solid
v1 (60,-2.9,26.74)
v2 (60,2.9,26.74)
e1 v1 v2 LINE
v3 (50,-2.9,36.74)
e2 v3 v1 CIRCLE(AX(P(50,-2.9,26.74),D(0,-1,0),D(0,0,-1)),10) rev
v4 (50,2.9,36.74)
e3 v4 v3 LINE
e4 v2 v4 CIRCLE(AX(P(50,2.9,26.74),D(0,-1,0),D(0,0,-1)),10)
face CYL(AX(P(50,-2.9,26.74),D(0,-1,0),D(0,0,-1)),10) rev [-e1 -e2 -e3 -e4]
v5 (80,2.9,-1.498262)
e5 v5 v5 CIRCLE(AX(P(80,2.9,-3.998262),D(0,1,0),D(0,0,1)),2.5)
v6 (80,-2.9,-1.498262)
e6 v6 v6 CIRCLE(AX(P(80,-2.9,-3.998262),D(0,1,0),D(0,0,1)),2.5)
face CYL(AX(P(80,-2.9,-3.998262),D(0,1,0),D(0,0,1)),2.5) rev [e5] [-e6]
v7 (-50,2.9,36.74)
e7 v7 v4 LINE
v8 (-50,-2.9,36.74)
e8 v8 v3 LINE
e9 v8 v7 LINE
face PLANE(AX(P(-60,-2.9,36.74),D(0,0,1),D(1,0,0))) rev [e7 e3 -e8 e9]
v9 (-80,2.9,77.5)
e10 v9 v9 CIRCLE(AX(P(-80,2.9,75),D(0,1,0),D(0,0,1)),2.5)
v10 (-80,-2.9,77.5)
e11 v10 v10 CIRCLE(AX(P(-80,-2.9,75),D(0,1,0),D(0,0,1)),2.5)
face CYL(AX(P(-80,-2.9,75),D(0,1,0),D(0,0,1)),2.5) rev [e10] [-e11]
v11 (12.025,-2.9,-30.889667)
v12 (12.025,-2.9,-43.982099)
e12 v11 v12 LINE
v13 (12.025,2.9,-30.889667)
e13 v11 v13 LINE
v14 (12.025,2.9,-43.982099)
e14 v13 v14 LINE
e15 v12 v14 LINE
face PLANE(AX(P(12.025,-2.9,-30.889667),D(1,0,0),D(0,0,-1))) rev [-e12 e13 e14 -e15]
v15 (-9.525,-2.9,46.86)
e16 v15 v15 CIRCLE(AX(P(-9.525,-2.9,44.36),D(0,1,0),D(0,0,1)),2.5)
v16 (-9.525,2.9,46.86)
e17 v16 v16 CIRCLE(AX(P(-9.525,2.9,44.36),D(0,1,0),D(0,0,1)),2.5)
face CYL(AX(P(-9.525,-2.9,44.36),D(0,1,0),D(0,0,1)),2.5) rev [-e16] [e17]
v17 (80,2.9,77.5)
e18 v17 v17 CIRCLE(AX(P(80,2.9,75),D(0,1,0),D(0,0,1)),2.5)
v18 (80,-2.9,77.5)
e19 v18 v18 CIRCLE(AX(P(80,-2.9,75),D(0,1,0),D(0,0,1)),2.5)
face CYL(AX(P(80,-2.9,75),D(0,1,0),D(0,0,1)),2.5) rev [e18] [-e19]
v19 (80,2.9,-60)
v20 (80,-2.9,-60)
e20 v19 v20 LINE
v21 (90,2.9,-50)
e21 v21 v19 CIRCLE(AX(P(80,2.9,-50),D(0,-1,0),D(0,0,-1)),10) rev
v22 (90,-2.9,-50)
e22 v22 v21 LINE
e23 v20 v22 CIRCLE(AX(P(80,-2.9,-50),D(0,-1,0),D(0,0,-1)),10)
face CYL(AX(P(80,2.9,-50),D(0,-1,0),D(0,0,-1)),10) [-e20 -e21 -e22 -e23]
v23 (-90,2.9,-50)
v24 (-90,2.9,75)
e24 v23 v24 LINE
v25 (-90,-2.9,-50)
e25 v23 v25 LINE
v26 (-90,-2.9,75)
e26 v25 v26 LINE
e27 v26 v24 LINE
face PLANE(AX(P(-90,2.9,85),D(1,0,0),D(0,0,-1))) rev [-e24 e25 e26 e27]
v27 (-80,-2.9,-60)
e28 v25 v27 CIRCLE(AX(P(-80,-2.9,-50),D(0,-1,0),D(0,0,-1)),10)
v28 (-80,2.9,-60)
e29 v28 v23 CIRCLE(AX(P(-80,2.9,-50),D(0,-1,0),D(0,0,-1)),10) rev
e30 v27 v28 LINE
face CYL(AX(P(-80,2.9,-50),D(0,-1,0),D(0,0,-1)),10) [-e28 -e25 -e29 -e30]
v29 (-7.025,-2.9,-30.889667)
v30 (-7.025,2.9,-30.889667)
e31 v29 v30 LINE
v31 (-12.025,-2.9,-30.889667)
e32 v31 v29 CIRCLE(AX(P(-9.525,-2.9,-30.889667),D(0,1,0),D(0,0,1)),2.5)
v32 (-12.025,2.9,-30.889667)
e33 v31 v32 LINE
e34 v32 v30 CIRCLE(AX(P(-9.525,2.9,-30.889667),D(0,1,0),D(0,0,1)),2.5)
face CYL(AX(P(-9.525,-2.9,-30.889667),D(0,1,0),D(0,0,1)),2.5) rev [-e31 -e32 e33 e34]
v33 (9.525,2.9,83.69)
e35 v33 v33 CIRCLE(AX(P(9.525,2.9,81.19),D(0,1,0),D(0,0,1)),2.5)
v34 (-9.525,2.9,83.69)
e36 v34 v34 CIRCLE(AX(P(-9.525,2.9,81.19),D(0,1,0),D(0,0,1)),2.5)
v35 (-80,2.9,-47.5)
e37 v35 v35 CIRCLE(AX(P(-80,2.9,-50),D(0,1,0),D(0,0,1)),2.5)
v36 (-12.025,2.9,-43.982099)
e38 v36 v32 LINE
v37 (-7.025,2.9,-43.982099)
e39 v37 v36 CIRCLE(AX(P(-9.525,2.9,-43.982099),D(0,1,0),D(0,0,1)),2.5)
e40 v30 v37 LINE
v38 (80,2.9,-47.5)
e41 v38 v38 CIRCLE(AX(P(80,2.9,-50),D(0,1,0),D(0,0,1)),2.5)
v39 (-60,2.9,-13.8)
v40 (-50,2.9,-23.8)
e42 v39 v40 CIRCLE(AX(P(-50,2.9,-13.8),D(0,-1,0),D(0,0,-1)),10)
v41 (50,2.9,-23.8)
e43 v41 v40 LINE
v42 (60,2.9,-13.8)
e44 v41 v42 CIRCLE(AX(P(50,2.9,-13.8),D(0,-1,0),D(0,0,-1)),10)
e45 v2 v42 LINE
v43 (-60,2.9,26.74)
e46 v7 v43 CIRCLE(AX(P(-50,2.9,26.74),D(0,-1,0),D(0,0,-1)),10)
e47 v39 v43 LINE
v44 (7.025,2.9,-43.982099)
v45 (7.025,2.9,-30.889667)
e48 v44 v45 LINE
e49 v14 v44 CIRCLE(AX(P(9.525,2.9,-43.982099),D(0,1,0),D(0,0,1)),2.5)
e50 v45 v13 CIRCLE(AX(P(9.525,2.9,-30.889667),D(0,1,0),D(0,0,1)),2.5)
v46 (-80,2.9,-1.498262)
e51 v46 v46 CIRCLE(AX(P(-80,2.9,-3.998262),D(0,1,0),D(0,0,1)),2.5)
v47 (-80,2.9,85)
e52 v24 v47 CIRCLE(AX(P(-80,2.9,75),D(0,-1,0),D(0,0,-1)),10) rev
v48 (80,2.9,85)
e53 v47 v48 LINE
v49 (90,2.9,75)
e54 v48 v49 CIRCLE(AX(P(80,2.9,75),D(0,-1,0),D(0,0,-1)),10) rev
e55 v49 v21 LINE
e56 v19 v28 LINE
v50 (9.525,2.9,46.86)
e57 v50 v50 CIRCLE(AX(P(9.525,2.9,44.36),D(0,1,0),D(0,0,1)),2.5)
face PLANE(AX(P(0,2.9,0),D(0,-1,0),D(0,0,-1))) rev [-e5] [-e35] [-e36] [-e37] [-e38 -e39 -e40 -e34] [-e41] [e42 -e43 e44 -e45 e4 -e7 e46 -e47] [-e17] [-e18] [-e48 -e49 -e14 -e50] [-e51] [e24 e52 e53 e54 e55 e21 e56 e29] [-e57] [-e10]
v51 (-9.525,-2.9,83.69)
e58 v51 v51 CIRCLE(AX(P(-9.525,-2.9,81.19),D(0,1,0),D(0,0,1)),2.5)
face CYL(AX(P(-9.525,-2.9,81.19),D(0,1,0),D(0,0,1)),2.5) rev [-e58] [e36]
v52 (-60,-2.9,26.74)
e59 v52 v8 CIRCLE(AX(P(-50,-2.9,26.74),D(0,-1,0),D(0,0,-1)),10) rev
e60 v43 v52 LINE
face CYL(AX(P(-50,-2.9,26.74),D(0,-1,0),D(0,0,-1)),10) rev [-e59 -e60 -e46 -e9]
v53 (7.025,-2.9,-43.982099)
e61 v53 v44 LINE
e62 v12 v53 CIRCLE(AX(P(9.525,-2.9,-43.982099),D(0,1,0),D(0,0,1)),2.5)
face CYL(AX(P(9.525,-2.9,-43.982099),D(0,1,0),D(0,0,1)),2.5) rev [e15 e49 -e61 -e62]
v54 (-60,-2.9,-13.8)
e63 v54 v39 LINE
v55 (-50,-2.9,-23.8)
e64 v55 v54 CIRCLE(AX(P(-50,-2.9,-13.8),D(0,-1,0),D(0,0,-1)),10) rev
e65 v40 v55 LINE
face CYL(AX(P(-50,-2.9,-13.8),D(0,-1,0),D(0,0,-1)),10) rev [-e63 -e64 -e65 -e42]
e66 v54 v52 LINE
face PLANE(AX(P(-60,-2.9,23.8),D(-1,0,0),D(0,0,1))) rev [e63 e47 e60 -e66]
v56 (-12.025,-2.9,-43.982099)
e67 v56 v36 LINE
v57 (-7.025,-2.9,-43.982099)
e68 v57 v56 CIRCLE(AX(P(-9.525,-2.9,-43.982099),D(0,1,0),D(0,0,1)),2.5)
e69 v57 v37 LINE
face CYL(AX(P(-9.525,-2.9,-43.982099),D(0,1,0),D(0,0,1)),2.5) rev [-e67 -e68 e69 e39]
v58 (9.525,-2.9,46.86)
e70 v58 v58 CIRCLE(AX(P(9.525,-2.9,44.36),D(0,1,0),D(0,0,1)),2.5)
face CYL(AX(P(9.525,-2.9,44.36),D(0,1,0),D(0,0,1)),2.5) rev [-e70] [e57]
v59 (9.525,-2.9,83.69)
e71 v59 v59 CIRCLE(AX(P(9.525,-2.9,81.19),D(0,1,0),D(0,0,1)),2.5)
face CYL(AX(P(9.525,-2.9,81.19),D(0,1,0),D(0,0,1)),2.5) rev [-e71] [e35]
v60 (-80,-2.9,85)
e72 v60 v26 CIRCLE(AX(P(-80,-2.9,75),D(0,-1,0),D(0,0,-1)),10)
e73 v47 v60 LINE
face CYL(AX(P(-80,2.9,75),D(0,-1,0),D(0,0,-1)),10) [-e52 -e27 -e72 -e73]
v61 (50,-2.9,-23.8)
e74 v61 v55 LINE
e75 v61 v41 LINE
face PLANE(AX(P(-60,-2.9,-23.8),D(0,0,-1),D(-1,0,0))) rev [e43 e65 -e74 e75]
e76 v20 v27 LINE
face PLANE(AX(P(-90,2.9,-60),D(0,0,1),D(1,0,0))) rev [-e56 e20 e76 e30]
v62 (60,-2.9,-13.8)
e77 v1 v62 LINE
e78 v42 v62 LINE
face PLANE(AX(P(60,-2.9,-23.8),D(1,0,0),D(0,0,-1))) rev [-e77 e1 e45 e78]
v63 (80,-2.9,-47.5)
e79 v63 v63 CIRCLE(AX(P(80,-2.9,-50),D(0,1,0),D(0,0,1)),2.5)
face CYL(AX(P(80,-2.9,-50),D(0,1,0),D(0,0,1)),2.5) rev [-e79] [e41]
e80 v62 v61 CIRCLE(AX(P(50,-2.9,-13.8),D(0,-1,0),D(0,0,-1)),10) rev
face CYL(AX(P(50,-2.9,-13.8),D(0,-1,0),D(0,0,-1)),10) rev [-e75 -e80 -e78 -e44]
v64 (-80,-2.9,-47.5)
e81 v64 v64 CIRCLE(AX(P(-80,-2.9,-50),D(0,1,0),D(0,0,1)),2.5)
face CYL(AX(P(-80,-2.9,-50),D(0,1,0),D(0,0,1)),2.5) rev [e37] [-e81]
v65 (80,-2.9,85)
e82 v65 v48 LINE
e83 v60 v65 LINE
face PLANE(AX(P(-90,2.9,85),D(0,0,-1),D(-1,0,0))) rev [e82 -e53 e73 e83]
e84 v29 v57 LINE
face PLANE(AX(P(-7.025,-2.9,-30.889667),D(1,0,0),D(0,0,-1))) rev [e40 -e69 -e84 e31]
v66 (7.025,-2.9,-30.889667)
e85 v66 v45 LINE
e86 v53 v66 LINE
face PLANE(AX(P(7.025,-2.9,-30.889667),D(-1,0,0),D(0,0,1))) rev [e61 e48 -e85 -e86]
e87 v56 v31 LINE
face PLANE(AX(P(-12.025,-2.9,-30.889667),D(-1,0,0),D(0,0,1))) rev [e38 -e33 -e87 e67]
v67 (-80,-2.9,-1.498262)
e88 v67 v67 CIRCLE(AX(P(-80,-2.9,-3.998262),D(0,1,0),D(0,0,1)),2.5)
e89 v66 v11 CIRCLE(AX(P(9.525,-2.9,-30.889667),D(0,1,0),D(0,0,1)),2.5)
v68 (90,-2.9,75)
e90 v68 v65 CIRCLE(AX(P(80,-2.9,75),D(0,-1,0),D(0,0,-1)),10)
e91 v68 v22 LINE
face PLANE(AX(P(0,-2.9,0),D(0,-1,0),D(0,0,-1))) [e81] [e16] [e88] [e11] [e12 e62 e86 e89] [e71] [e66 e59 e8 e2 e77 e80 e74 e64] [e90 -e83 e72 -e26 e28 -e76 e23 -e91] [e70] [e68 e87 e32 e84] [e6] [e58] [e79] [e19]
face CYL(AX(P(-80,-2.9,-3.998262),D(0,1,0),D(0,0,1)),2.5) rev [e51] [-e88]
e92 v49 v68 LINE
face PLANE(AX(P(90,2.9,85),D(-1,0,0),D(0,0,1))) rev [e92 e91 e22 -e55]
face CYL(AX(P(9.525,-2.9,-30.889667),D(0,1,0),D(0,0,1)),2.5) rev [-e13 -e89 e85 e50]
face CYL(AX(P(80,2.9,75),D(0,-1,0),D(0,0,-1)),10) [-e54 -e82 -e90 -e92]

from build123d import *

# Parameters (mm, degrees)
SKETCH1_W           = 180
SKETCH1_H           = 145
BOSS_EXTRUDE1_DEPTH = 2.9
CUT_EXTRUDE1_DEPTH  = 124.929980231
SKETCH3_R           = 2.5
CUT_EXTRUDE2_DEPTH  = 124.929980231
SKETCH4_R           = 2.5
CUT_EXTRUDE3_DEPTH  = 124.929980231
FILLET1_R           = 10


with BuildPart() as part:
    # Sketch1 → Boss-Extrude1 (new, symmetric)
    with BuildSketch(Plane(origin=(0, 0, 0), x_dir=(1, 0, 0), z_dir=(0, 1, 0))):
        with Locations((0, -12.5)):
            Rectangle(SKETCH1_W, SKETCH1_H)
    extrude(amount=BOSS_EXTRUDE1_DEPTH, both=True)

    # Sketch2 → Cut-Extrude1 (cut, through all)
    with BuildSketch(Plane(origin=(0, 2.9, 0), x_dir=(1, 0, 0), z_dir=(0, 1, 0))):
        Polygon((-60, 23.8), (60, 23.8), (60, -23.8), (60, -36.74), (-60, -36.74), (-60, -23.8), align=None)
    extrude(amount=-CUT_EXTRUDE1_DEPTH, mode=Mode.SUBTRACT)

    # Sketch3 → Cut-Extrude2 (cut, through all)
    with BuildSketch(Plane(origin=(0, 2.9, 0), x_dir=(1, 0, 0), z_dir=(0, 1, 0))):
        with Locations(Location((-9.525, -44.36, 0), (0, 0, 270))):
            Circle(SKETCH3_R)
        with Locations(Location((9.525, -44.36, 0), (0, 0, 270))):
            Circle(SKETCH3_R)
        with Locations(Location((-9.525, -81.19, 0), (0, 0, 270))):
            Circle(SKETCH3_R)
        with Locations(Location((9.525, -81.19, 0), (0, 0, 270))):
            Circle(SKETCH3_R)
        with BuildLine():
            Line((-12.025, 30.889667183), (-12.025, 43.982098817))
            ThreePointArc((-12.025, 43.982098817), (-9.525, 46.482098817), (-7.025, 43.982098817))
            Line((-7.025, 43.982098817), (-7.025, 30.889667183))
            ThreePointArc((-7.025, 30.889667183), (-9.525, 28.389667183), (-12.025, 30.889667183))
        make_face()
        with BuildLine():
            Line((7.025, 30.889667183), (7.025, 43.982098817))
            ThreePointArc((7.025, 43.982098817), (9.525, 46.482098817), (12.025, 43.982098817))
            Line((12.025, 43.982098817), (12.025, 30.889667183))
            ThreePointArc((12.025, 30.889667183), (9.525, 28.389667183), (7.025, 30.889667183))
        make_face()
    extrude(amount=-CUT_EXTRUDE2_DEPTH, mode=Mode.SUBTRACT)

    # Sketch4 → Cut-Extrude3 (cut, through all)
    with BuildSketch(Plane(origin=(0, 2.9, 0), x_dir=(1, 0, 0), z_dir=(0, 1, 0))):
        with Locations(Location((-80, 50, 0), (0, 0, 270))):
            Circle(SKETCH4_R)
        with Locations(Location((-80, 3.99826174, 0), (0, 0, 270))):
            Circle(SKETCH4_R)
        with Locations(Location((-80, -75, 0), (0, 0, 270))):
            Circle(SKETCH4_R)
        with Locations(Location((80, -75, 0), (0, 0, 270))):
            Circle(SKETCH4_R)
        with Locations(Location((80, 3.99826174, 0), (0, 0, 270))):
            Circle(SKETCH4_R)
        with Locations(Location((80, 50, 0), (0, 0, 270))):
            Circle(SKETCH4_R)
    extrude(amount=-CUT_EXTRUDE3_DEPTH, mode=Mode.SUBTRACT)

    # Fillet1
    fillet1_edges = [part.edges().sort_by_distance(p)[0] for p in [
        (-60, 0, -23.8),
        (60, 0, -23.8),
        (60, 0, 36.74),
        (-60, 0, 36.74),
        (90, 0, 85),
        (-90, 0, 85),
        (-90, 0, -60),
        (90, 0, -60),
    ]]
    fillet(fillet1_edges, radius=FILLET1_R)


solid = part.part
